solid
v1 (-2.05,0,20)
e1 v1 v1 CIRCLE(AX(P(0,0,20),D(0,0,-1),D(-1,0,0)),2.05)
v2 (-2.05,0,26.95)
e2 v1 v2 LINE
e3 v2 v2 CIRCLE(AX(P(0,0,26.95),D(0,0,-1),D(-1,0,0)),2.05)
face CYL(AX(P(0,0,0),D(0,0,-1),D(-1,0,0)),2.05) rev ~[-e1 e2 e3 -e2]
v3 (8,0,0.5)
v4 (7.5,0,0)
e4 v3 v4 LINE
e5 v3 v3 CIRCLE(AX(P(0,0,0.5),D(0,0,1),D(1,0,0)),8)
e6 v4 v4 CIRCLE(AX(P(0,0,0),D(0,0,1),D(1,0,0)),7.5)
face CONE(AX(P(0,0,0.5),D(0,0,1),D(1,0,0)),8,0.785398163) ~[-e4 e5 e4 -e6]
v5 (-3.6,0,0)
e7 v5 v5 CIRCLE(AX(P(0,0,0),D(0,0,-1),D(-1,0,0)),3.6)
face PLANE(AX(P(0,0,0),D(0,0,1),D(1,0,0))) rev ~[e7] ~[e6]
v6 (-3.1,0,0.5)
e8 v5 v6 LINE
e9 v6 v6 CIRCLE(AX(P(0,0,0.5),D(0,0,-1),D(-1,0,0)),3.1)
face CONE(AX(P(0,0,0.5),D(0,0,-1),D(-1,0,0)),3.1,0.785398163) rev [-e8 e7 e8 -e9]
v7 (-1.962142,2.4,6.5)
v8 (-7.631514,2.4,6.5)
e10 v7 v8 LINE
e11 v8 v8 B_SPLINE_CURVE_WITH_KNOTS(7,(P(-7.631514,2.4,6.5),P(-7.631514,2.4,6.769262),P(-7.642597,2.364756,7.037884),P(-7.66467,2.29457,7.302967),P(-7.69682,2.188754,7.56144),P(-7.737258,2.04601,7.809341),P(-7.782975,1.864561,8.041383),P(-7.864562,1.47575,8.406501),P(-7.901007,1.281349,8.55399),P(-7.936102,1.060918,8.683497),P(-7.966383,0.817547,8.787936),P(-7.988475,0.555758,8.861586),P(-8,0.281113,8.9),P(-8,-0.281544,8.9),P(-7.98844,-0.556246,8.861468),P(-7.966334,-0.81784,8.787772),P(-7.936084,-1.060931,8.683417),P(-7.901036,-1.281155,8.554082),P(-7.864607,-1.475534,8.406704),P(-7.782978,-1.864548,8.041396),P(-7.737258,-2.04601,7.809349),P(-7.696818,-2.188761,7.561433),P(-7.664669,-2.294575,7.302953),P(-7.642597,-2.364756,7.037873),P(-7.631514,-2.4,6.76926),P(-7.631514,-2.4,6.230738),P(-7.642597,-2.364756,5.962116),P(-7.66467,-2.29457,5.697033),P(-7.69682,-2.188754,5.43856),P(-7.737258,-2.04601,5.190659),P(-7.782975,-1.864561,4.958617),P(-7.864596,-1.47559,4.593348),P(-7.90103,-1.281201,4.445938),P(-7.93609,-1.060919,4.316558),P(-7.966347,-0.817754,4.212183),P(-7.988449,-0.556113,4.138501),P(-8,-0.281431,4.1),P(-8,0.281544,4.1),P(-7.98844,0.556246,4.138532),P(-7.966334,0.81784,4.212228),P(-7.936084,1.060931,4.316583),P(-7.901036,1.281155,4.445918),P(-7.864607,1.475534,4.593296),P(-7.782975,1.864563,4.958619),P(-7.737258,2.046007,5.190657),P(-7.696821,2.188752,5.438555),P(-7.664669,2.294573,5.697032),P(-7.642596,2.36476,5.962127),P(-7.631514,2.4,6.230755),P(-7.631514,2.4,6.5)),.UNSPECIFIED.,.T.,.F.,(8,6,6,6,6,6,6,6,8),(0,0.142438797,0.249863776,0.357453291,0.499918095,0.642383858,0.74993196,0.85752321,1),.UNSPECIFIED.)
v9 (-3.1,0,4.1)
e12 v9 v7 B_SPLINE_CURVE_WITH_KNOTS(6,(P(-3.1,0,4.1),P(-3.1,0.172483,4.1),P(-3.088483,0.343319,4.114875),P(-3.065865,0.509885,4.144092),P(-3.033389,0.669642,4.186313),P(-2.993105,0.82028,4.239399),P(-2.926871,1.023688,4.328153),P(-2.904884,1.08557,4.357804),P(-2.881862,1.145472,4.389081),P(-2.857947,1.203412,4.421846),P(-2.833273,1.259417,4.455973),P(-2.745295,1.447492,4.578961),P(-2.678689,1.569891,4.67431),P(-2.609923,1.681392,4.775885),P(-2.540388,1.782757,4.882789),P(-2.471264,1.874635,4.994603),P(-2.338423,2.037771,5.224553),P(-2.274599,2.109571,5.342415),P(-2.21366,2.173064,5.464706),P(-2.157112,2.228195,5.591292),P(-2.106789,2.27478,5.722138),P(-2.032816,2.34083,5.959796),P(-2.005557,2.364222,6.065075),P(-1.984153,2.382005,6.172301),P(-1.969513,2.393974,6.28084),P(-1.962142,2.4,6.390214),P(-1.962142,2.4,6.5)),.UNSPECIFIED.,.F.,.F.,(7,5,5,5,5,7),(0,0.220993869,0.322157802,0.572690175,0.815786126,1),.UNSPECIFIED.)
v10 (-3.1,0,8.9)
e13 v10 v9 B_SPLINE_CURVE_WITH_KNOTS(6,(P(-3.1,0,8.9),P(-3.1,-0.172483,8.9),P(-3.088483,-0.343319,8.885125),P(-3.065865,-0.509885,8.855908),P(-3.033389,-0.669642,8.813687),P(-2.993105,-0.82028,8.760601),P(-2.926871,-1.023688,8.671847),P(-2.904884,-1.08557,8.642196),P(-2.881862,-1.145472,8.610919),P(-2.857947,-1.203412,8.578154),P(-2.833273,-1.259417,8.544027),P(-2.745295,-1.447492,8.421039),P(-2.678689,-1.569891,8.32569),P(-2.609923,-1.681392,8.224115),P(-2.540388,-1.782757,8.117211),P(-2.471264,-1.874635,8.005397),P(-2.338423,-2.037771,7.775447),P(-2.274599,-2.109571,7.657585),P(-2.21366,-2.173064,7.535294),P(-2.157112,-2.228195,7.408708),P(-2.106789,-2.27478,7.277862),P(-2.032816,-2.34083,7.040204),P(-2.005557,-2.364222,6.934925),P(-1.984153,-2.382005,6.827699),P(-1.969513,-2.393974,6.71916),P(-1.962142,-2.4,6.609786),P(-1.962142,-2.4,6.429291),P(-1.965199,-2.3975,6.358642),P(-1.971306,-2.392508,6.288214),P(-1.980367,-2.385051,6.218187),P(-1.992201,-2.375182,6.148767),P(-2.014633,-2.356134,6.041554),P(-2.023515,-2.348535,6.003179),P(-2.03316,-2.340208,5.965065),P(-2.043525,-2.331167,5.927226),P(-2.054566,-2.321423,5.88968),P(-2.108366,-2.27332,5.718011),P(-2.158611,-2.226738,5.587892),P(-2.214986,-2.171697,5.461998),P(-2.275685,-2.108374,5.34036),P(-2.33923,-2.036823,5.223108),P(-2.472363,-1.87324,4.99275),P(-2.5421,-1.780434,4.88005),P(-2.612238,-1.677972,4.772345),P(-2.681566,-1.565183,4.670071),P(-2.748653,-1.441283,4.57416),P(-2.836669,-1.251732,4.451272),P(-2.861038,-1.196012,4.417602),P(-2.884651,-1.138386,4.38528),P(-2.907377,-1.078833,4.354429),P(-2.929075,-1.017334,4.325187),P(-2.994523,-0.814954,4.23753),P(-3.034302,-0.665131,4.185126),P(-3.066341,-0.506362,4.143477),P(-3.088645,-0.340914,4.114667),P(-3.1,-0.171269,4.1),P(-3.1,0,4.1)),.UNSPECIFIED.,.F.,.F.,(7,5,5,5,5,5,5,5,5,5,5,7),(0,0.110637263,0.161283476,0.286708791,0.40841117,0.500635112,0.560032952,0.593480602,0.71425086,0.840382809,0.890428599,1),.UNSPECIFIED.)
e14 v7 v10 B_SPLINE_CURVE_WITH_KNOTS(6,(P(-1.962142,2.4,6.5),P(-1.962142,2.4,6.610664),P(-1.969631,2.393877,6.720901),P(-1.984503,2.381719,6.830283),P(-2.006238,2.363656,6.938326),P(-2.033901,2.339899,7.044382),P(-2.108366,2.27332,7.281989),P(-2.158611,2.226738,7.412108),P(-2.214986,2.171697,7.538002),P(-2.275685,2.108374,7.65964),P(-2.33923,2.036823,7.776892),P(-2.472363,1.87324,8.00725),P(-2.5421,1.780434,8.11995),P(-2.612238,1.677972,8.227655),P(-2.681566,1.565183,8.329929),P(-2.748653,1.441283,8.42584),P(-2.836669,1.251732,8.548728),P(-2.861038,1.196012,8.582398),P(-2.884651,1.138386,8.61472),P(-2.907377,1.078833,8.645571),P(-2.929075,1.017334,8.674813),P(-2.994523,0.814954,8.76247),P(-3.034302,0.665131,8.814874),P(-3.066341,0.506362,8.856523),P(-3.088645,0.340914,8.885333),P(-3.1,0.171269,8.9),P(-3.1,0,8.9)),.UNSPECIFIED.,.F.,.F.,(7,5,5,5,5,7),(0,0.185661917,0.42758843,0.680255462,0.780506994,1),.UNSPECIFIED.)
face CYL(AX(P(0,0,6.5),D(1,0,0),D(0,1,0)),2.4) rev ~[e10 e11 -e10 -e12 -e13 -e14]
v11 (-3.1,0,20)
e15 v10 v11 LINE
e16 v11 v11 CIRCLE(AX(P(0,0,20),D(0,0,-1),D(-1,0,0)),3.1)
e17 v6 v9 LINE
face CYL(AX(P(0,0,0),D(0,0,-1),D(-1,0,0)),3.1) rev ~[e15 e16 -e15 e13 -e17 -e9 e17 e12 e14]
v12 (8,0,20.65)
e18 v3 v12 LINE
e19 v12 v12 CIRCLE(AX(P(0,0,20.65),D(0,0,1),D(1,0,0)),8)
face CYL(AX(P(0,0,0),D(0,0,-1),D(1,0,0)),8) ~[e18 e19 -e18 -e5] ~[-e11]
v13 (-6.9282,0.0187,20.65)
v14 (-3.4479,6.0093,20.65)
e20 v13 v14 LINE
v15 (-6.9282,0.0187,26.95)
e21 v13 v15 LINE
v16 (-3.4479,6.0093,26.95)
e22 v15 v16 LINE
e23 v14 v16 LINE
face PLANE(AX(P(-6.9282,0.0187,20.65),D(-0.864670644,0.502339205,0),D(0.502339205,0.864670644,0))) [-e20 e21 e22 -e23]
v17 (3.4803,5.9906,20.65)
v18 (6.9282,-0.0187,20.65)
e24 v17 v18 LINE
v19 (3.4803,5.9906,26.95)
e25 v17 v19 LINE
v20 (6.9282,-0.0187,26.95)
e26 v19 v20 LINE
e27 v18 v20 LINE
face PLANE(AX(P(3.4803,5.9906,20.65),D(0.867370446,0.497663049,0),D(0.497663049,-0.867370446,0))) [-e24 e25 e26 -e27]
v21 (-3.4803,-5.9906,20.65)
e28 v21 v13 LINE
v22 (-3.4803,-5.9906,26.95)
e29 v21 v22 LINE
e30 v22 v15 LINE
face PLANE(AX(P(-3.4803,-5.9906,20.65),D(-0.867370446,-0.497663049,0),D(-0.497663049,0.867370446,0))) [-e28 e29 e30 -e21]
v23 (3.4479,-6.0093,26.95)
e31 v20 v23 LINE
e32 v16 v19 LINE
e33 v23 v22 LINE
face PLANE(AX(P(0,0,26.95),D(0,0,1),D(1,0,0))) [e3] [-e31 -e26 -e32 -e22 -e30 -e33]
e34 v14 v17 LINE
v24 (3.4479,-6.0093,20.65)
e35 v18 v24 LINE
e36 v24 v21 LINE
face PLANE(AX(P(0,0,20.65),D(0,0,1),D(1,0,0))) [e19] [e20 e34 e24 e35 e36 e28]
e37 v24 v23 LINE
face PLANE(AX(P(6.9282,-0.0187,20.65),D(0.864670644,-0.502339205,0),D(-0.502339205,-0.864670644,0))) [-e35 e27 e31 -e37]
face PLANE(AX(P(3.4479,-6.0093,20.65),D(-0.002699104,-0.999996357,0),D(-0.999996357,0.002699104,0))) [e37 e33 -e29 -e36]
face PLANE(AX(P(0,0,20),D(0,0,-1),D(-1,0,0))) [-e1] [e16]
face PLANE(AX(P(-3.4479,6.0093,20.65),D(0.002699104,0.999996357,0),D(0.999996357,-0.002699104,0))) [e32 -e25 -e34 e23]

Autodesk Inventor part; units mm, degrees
ref_plane "YZ Plane" through (0, 0, 0) normal (1, 0, 0) x (0, 1, 0)
ref_plane "XZ Plane" through (0, 0, 0) normal (0, 1, 0) x (-1, 0, 0)
ref_plane "XY Plane" through (0, 0, 0) normal (0, 0, 1) x (1, 0, 0)
sketch "Sketch1" plane through (0, 0, 0) normal (0, 0, 1) x (1, 0, 0)
  circle A0 centre (0, 0) radius 8
  dimension "d0" = 16
extrude "Extrusion1" add sketch "Sketch1" along normal blind 20.65
chamfer "Chamfer1" distance 0.5 angle 45 1 edges at (-8, 0, 0)
sketch "Sketch2" plane through (0, 0, 20.65) normal (0, 0, 1) x (1, 0, 0)
  circle A0 centre (0, 0) radius 8 projected
  line L0 (3.4803, 5.9906) -> (6.9282, -0.0187)
  line L1 (6.9282, -0.0187) -> (3.4479, -6.0093)
  line L2 (3.4479, -6.0093) -> (-3.4803, -5.9906)
  line L3 (-3.4803, -5.9906) -> (-6.9282, 0.0187)
  line L4 (-6.9282, 0.0187) -> (-3.4479, 6.0093)
  line L5 (-3.4479, 6.0093) -> (3.4803, 5.9906)
  line L6 (0, 0) -> (3.4803, 5.9906)
  line L7 (0, 0) -> (-3.4479, 6.0093)
  line L8 (-6.9282, 0.0187) -> (0, 0)
  line L9 (-3.4803, -5.9906) -> (0, 0)
  line L10 (3.4479, -6.0093) -> (0, 0)
  line L11 (6.9282, -0.0187) -> (0, 0)
  dimension "d9" = 12
extrude "Extrusion2" add sketch "Sketch2" along normal blind 6.3 contours L6 L7 L5 | L0 L11 L6 | L1 L10 L11 | L7 L8 L4 | L9 L3 L8 | L10 L2 L9
sketch "Sketch3" plane through (0, 0, 0) normal (0, 0, -1) x (-1, 0, 0)
  circle A0 centre (0, 0) radius 2.05
  dimension "d10" = 4.1
extrude "Extrusion3" cut sketch "Sketch3" against normal through all
sketch "Sketch4" plane through (0, 0, 0) normal (0, 0, -1) x (-1, 0, 0)
  circle A0 centre (0, 0) radius 3.1
  dimension "d16" = 6.2
extrude "Extrusion4" cut sketch "Sketch4" against normal blind 20
chamfer "Chamfer3" distance 0.5 angle 45 1 edges at (3.1, 0, 0)
sketch "Sketch5" plane through (0, 0, 0) normal (1, 0, 0) x (0, 1, 0)
  circle A0 centre (0, 6.5) radius 2.4
  line L0 (7.5, 0) -> (-7.5, 0) projected
  line L1 (-3.6, 0) -> (3.6, 0) projected
  point P0 (0, 0)
  dimension "d22" = 4.8
  dimension "d23" = 6.5
extrude "Extrusion5" cut sketch "Sketch5" against normal blind 10
properties part number "MotorToHexKey"
